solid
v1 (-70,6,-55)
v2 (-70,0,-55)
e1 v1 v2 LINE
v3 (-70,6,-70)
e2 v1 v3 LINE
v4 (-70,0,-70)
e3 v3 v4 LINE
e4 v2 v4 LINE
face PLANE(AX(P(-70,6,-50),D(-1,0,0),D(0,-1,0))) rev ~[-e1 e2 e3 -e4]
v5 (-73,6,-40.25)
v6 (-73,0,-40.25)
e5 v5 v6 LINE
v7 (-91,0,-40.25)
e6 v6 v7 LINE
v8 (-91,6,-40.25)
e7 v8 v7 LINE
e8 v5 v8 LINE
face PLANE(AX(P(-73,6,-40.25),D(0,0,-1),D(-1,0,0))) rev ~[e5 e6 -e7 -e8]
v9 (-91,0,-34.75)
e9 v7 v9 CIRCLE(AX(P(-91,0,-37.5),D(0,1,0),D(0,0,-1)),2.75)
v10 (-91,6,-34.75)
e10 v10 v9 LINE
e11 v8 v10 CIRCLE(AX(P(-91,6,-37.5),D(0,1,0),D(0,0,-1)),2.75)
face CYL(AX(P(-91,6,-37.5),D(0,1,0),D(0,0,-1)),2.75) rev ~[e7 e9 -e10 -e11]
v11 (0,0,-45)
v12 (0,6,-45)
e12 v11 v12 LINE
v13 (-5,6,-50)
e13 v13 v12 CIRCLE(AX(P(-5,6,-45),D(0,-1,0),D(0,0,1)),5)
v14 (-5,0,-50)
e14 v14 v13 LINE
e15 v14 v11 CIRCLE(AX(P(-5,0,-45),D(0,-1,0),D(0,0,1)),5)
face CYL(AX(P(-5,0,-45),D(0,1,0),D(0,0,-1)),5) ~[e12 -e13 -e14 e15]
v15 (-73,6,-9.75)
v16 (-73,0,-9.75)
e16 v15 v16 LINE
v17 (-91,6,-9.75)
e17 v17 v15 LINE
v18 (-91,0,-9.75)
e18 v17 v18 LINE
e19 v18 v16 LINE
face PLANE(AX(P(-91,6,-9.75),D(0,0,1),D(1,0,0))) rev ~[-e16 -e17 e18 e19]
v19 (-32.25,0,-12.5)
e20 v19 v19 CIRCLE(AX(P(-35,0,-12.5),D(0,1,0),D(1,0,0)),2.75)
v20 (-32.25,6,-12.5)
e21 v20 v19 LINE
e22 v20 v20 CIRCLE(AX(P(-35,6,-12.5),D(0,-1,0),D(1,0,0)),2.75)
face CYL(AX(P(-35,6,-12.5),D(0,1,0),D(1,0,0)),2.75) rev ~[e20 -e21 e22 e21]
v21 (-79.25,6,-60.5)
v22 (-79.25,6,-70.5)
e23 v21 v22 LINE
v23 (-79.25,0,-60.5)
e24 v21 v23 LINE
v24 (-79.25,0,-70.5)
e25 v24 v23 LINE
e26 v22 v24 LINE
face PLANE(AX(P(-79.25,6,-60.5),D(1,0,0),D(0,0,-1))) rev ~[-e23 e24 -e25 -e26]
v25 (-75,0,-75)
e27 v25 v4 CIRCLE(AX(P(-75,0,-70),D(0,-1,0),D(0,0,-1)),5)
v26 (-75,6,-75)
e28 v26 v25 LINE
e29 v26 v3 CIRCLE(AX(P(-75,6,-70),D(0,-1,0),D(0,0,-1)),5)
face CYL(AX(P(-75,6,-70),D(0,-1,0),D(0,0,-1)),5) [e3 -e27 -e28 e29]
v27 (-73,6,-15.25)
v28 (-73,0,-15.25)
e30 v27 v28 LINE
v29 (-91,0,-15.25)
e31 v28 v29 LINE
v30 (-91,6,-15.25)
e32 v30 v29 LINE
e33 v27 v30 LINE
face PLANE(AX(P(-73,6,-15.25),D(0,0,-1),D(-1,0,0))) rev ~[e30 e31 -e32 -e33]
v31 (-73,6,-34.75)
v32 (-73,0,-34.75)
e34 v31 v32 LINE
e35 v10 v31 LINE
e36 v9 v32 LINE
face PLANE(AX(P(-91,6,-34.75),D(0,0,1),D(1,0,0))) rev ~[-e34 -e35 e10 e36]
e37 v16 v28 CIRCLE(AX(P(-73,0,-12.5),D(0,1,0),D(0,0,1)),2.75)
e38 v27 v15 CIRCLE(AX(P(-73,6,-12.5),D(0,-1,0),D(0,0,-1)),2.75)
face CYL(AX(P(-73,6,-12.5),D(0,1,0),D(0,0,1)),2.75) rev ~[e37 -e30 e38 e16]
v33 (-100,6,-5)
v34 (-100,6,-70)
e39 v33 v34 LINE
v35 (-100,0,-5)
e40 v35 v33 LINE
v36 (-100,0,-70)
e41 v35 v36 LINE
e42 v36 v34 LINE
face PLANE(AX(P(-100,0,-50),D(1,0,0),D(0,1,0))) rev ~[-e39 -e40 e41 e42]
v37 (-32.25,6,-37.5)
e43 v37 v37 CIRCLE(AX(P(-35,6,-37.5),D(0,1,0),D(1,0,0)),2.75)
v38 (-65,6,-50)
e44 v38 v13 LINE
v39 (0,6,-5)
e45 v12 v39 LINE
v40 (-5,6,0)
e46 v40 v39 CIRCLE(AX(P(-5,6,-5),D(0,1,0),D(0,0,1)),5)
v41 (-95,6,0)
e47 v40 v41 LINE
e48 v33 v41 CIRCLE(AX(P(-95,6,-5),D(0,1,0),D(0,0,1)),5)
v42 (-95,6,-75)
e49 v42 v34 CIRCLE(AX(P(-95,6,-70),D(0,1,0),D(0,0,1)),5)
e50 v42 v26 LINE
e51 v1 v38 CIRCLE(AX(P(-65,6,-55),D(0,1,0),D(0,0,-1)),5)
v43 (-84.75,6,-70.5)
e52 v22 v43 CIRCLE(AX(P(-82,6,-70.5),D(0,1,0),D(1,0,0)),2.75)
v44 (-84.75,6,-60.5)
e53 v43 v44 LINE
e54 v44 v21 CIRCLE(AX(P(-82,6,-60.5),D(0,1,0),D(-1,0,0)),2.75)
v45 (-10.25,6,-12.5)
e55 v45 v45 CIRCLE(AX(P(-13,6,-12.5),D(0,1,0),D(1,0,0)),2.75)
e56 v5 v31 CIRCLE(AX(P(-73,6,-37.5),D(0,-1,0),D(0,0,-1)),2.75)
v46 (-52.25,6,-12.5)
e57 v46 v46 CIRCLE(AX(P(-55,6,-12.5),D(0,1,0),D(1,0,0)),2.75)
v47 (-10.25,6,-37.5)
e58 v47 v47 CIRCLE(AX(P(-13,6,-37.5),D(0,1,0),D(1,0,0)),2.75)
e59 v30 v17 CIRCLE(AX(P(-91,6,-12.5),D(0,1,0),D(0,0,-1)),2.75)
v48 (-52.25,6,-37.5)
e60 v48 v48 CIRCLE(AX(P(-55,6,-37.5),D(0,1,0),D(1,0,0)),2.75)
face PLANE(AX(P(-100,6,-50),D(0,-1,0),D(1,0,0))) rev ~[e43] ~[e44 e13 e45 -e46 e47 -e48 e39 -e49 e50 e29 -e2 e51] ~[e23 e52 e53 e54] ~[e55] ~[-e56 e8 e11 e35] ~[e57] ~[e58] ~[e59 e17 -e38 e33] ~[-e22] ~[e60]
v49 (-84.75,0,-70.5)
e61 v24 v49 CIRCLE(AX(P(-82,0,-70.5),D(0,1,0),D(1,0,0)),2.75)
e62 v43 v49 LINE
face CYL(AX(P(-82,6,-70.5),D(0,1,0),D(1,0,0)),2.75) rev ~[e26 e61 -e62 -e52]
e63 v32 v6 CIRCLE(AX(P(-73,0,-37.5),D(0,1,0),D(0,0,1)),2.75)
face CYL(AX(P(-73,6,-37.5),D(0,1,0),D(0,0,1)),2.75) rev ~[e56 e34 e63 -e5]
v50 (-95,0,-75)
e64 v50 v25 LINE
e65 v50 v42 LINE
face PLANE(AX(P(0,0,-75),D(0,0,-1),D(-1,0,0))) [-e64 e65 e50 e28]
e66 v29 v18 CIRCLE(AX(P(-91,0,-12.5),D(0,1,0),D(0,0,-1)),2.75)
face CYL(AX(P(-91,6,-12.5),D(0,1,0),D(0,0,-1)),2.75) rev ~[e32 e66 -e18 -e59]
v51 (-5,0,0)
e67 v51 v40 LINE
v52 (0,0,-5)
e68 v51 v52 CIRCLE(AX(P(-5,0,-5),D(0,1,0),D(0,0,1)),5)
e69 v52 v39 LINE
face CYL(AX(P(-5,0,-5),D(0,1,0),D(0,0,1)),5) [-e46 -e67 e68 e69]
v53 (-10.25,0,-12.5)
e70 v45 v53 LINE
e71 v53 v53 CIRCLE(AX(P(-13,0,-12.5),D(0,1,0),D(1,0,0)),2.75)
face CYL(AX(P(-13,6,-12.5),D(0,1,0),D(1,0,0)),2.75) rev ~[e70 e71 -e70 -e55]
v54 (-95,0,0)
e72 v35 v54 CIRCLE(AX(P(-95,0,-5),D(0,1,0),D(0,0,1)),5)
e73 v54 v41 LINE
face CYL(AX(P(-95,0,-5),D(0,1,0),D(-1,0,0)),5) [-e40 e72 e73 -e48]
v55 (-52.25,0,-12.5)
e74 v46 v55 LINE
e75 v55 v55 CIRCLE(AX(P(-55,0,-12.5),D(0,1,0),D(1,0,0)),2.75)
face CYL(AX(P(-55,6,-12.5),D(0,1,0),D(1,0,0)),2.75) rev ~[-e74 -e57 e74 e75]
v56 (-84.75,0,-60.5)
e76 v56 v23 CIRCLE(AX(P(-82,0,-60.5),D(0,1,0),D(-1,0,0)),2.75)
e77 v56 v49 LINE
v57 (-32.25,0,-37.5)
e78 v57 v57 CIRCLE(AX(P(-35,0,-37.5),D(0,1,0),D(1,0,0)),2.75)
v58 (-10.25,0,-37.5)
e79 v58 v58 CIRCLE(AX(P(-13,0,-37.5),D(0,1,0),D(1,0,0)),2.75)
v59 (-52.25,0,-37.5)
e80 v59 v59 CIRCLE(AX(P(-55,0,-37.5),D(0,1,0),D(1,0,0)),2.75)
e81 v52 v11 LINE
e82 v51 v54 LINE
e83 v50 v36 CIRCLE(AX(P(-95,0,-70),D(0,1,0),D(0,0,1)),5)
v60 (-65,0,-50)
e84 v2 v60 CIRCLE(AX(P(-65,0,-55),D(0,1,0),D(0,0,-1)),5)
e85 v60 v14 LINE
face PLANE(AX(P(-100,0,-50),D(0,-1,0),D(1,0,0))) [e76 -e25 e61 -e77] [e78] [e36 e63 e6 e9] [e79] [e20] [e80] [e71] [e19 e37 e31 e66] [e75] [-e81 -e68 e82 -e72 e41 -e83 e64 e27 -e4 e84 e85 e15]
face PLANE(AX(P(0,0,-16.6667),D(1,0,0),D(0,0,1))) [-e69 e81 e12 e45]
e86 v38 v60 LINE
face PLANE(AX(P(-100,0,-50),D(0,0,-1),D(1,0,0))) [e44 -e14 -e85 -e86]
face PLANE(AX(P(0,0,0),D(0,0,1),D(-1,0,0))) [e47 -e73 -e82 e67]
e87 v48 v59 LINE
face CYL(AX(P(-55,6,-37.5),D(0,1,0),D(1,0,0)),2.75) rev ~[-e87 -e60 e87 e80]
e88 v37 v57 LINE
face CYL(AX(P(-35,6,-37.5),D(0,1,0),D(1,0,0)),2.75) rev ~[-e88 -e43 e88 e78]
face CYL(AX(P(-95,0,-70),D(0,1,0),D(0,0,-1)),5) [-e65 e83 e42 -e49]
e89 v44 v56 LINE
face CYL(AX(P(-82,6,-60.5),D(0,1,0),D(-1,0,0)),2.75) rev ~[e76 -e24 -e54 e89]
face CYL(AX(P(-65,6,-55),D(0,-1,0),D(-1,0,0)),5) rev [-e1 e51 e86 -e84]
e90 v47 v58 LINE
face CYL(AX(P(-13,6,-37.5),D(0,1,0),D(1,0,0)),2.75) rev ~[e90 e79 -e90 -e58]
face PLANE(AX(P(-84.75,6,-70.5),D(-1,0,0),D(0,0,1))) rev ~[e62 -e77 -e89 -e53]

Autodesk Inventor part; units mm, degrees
ref_plane "YZ Plane" through (0, 0, 0) normal (1, 0, 0) x (0, 1, 0)
ref_plane "XZ Plane" through (0, 0, 0) normal (0, 1, 0) x (-1, 0, 0)
ref_plane "XY Plane" through (0, 0, 0) normal (0, 0, 1) x (1, 0, 0)
sketch "Sketch1" plane through (0, 0, 0) normal (0, 1, 0) x (-1, 0, 0)
  line L0 (0, 0) -> (100, 0)
  line L1 (100, 0) -> (100, -50)
  line L2 (100, -50) -> (0, -50)
  line L3 (0, -50) -> (0, 0)
  line L4 (0, 0) -> (0, -16.6667)
  line L5 (0, -16.6667) -> (6, -16.6667)
  dimension "d0" = 100
  dimension "d1" = 50
  dimension "d2" = 16.6667
  dimension "d3" = 6
extrude "Extrusion1" add sketch "Sketch1" along normal blind 6
sketch "Sketch3" plane through (0, 6, 0) normal (0, 1, 0) x (1, 0, 0)
  circle A0 centre (-13, 12.5) radius 2.75
  line L0 (0, 0) -> (0, 50) projected
  line L1 (-100, 0) -> (0, 0) projected
  circle A1 centre (-13, 37.5) radius 2.75
  dimension "d21" = 5.5
  dimension "d22" = 13
  dimension "d23" = 12.5
  dimension "d26" = 25
extrude "Extrusion3" cut sketch "Sketch3" against normal through all
sketch "Sketch4" plane through (0, 6, 0) normal (0, 1, 0) x (1, 0, 0)
  circle A0 centre (-13, 12.5) radius 2.75 projected
  line L0 (-13, 12.5) -> (-73, 12.5)
  line L1 (-73, 12.5) -> (-91, 12.5) construction
  line L2 (-73, 15.25) -> (-91, 15.25)
  line L3 (-91, 9.75) -> (-73, 9.75)
  arc A1 (-73, 9.75) -> (-73, 15.25) centre (-73, 12.5) ccw
  arc A2 (-91, 15.25) -> (-91, 9.75) centre (-91, 12.5) ccw
  point P0 (0, 0)
  point P1 (-82, 12.5)
  dimension "d33" = 60
  dimension "d34" = 18
  dimension "d35" = 5.5
extrude "Extrusion4" cut sketch "Sketch4" against normal through all contours A1 L3 A2 L2
pattern_linear "Rectangular Pattern2" count 2 spacing 25 along (0, 0, -1) of "Extrusion4"
sketch "Sketch5" plane through (0, 0, -50) normal (0, 0, -1) x (-1, 0, 0)
  line L0 (100, 0) -> (100, 6) projected
  line L1 (100, 0) -> (0, 0) projected
  line L2 (100, 6) -> (70, 6)
  line L3 (70, 6) -> (70, 0)
  line L4 (70, 0) -> (100, 0)
  line L5 (100, 0) -> (100, 6)
  dimension "d45" = 30
extrude "Extrusion5" add sketch "Sketch5" along normal blind 25
sketch "Sketch6" plane through (0, 6, 0) normal (0, 1, 0) x (1, 0, 0)
  line L0 (-82, 60.5) -> (-82, 70.5) construction
  line L1 (-79.25, 60.5) -> (-79.25, 70.5)
  line L2 (-84.75, 70.5) -> (-84.75, 60.5)
  arc A0 (-84.75, 60.5) -> (-79.25, 60.5) centre (-82, 60.5) ccw
  arc A1 (-79.25, 70.5) -> (-84.75, 70.5) centre (-82, 70.5) ccw
  line L3 (-70, 50) -> (-70, 75) projected
  arc A2 (-91, 40.25) -> (-91, 34.75) centre (-91, 37.5) ccw projected
  point P0 (0, 0)
  point P1 (-82, 65.5)
  dimension "d48" = 10
  dimension "d49" = 5.5
  dimension "d50" = 12
  dimension "d51" = 28
extrude "Extrusion6" cut sketch "Sketch6" against normal through all
fillet "Fillet2" radius 5 6 edges at (-100, 3, 0) (0, 3, 0) (-70, 3, -75) (-100, 3, -75) (0, 3, -50) (-70, 3, -50)
sketch "Sketch7" plane through (0, 6, 0) normal (0, 1, 0) x (1, 0, 0)
  circle A0 centre (-13, 12.5) radius 2.75 projected
  line L0 (-13, 12.5) -> (-35, 12.5)
  line L1 (-35, 12.5) -> (-55, 12.5)
  circle A1 centre (-55, 12.5) radius 2.75
  circle A2 centre (-35, 12.5) radius 2.75
  line L2 (0, 5) -> (0, 45) projected
  line L3 (0, 0) -> (0, 45)
  circle A3 centre (-35, 37.5) radius 2.75
  circle A4 centre (-55, 37.5) radius 2.75
  dimension "d55" = 22
  dimension "d56" = 20
  dimension "d57" = 5.5
  dimension "d58" = 5.5
  dimension "d61" = 25
extrude "Extrusion7" cut sketch "Sketch7" against normal through all contours A1 | A2 L1 L0 | L0 L1 A2 | A3 | A4
sketch "Sketch9" plane through (0, 6, 0) normal (0, 1, 0) x (1, 0, 0)
  point P0 (0, 0)
properties part number "X_Carriage_Plate"
